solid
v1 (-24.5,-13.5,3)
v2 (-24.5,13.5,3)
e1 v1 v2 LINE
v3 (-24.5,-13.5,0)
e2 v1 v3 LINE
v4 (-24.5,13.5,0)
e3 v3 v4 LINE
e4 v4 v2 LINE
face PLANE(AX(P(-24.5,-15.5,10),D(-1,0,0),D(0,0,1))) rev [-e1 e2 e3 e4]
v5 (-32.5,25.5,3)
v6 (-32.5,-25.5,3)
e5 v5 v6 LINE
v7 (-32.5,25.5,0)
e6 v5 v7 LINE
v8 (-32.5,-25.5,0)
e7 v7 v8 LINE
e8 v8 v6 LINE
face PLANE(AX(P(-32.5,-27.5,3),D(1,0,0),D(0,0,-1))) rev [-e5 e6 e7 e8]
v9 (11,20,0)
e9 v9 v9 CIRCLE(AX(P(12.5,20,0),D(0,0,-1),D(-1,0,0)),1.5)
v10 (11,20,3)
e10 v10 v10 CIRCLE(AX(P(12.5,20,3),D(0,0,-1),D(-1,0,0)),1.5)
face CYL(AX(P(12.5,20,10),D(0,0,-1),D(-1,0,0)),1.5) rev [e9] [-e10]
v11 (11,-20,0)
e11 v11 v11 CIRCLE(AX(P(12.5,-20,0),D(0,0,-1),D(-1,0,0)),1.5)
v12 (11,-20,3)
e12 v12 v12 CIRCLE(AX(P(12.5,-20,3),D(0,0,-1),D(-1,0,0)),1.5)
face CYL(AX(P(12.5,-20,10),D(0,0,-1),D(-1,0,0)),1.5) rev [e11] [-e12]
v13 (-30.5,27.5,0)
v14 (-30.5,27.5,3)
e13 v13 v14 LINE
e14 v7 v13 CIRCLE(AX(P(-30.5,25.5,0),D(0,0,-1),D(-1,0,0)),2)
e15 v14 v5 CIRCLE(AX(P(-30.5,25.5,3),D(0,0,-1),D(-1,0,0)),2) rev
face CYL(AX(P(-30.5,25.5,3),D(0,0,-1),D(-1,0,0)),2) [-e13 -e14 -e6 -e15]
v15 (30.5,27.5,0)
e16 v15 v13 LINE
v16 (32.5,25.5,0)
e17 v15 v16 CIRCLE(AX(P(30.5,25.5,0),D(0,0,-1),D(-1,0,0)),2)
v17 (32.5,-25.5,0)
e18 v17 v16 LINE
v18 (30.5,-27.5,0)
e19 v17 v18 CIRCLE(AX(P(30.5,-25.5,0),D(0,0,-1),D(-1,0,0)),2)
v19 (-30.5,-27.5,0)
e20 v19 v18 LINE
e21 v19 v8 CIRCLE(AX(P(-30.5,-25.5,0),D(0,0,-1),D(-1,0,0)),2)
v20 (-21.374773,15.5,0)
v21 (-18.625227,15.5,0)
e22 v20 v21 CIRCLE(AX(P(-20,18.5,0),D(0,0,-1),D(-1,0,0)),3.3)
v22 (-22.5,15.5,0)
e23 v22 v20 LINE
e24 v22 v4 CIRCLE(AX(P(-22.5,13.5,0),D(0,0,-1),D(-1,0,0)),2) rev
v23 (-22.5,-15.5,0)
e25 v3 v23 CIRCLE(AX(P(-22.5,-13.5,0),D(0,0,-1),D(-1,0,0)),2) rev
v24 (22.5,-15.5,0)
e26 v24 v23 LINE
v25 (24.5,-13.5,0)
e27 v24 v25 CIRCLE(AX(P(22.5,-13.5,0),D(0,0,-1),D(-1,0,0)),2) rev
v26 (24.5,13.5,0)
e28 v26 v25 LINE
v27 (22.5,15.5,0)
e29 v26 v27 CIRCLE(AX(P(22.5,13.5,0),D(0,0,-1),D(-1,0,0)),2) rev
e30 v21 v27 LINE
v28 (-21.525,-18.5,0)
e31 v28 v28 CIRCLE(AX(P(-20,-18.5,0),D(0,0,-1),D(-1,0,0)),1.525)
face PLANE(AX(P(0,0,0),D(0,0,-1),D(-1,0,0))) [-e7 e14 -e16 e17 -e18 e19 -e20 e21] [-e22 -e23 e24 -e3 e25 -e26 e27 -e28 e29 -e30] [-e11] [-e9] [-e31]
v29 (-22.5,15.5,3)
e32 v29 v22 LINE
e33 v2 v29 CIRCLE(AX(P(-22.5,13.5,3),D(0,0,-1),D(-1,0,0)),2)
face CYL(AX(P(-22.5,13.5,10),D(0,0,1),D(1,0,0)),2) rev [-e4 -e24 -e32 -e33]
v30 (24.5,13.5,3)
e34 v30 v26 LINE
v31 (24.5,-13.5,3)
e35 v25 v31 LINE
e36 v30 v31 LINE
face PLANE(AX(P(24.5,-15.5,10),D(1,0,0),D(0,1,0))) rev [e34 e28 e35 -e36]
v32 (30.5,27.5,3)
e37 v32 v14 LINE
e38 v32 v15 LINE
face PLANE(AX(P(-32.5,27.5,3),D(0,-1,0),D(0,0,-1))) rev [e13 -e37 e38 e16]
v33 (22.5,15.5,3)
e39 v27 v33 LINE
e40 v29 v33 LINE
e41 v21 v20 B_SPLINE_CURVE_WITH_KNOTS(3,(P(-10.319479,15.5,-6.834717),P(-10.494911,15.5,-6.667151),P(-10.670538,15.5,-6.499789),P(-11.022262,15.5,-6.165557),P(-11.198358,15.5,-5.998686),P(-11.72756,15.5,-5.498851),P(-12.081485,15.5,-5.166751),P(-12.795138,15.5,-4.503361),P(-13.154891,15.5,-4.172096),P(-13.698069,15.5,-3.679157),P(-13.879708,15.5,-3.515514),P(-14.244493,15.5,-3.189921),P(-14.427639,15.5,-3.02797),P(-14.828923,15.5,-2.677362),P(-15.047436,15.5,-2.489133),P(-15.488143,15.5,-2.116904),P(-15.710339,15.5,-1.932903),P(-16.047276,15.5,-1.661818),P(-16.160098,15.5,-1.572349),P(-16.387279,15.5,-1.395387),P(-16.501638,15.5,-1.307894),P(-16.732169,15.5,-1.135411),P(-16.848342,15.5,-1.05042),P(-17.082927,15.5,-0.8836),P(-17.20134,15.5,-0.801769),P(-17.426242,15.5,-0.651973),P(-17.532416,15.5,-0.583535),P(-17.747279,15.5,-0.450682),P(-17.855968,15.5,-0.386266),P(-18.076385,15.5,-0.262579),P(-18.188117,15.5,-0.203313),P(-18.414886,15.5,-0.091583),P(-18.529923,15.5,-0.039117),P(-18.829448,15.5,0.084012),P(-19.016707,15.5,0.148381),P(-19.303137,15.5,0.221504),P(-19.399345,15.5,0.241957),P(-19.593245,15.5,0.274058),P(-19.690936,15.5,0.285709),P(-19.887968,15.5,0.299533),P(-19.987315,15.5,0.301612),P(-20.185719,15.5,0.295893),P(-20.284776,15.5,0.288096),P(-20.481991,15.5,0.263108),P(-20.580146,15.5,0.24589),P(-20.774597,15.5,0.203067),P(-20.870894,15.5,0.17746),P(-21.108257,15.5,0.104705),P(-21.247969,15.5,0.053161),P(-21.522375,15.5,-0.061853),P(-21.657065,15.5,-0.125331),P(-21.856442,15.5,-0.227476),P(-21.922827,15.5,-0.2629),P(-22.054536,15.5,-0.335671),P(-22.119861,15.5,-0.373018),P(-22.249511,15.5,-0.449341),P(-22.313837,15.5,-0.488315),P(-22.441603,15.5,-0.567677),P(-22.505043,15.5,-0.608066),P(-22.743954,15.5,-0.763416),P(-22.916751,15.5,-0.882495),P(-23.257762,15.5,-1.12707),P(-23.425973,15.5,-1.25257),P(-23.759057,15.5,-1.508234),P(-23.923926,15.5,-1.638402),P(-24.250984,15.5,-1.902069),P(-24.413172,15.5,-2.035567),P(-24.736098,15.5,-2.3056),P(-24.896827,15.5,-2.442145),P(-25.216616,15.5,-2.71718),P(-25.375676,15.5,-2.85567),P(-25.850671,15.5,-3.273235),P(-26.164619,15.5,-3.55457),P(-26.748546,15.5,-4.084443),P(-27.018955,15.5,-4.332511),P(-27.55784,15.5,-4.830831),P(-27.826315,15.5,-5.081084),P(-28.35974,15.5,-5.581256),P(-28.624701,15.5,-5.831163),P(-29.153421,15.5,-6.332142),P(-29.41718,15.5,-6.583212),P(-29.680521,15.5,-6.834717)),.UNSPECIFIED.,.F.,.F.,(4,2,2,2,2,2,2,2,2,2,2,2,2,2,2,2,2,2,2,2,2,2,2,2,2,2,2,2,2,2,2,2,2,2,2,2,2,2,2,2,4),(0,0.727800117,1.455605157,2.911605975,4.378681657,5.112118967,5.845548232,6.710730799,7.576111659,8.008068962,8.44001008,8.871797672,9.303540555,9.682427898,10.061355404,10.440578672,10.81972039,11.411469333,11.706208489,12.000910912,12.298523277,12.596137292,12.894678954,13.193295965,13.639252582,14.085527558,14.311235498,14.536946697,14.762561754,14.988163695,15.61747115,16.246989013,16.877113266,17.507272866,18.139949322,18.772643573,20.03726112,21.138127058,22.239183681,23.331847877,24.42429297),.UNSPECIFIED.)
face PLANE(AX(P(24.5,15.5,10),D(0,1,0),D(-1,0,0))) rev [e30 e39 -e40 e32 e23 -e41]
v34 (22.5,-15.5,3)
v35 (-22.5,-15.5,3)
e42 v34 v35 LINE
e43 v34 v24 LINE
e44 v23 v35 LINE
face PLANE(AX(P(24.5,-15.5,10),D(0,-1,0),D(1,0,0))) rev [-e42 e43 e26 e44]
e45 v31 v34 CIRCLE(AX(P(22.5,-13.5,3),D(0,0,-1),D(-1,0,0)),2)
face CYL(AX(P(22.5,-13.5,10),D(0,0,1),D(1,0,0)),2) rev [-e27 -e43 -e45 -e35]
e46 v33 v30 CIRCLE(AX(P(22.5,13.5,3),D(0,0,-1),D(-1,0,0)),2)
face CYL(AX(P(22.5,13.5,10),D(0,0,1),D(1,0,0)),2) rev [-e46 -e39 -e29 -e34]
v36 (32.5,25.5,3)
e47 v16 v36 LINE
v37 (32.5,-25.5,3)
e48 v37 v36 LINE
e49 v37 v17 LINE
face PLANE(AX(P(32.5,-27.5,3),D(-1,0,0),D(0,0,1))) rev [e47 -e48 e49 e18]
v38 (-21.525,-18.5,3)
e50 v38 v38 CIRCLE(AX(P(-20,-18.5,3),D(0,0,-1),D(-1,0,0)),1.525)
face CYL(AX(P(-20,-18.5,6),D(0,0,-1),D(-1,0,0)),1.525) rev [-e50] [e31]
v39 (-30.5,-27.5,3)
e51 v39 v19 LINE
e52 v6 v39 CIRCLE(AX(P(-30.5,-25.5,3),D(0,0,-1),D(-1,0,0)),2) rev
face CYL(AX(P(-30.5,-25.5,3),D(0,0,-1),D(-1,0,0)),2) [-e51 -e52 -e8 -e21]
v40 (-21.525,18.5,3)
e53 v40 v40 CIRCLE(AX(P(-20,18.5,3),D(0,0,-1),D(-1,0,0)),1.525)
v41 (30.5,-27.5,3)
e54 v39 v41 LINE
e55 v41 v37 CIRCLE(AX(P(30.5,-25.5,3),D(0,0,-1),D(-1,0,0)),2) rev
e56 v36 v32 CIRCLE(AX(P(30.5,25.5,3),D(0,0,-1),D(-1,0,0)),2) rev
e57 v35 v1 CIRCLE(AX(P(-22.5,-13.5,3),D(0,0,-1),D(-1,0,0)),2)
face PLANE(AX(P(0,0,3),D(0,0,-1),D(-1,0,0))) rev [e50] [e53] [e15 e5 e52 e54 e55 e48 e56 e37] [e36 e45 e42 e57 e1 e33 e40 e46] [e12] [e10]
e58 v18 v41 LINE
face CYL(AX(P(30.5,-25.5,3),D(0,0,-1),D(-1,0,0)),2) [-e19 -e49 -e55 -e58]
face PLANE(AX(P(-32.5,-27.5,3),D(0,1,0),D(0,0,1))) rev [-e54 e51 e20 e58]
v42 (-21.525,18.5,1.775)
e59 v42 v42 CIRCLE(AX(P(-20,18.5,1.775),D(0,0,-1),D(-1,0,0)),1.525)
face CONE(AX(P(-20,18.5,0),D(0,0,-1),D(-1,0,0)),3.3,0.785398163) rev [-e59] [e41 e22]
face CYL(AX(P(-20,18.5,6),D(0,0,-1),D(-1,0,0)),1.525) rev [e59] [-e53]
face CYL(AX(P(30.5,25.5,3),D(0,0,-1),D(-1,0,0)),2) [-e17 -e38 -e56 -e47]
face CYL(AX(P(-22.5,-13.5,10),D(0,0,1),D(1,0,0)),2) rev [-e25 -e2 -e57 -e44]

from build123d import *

# Parameters (mm, degrees)
SKETCH_1_W                   = 65
SKETCH_1_H                   = 55
EXTRUDE_1_DEPTH              = 3
FILLET_1_R                   = 2
SKETCH_2_R                   = 1.525
CUT_EXTRUDE_1_DEPTH          = 6
HOLE_WIZARD_M3_1_D           = 3
HOLE_WIZARD_M3_1_DEPTH       = 7.25
HOLE_WIZARD_M3_1_CSINK_D     = 6.6
HOLE_WIZARD_M3_1_CSINK_ANGLE = 90
HOLE_WIZARD_M3_1_TIP         = 0.901290929
SKETCH_9_R                   = 1.5
CUT_EXTRUDE_3_DEPTH          = 10
SKETCH_13_W                  = 49
SKETCH_13_H                  = 31
CUT_EXTRUDE_8_DEPTH          = 10
FILLET_5_R                   = 2


with BuildPart() as part:
    # 草图1 → 凸台-拉伸1 (new body)
    with BuildSketch(Plane.XY):
        Rectangle(SKETCH_1_W, SKETCH_1_H)
    extrude(amount=EXTRUDE_1_DEPTH)

    # 圆角1
    fillet_1_edges = [part.edges().sort_by_distance(p)[0] for p in [
        (32.5, -27.5, 1.5),
        (-32.5, -27.5, 1.5),
        (-32.5, 27.5, 1.5),
        (32.5, 27.5, 1.5),
    ]]
    fillet(fillet_1_edges, radius=FILLET_1_R)

    # 草图2 → 切除-拉伸1 (cut)
    with BuildSketch(Plane(origin=(0, 0, 0), x_dir=(-1, 0, 0), z_dir=(0, 0, -1))):
        with Locations((20, -18.5)):
            Circle(SKETCH_2_R)
        with Locations((20, 18.5)):
            Circle(SKETCH_2_R)
    extrude(amount=-CUT_EXTRUDE_1_DEPTH, mode=Mode.SUBTRACT)

    # M3 十字槽沉头木螺钉的锥形沉头孔1
    with Locations(Plane(origin=(0, 0, 0), x_dir=(-1, 0, 0), z_dir=(0, 0, -1))):
        with Locations((20, 18.5)):
            CounterSinkHole(HOLE_WIZARD_M3_1_D / 2, HOLE_WIZARD_M3_1_CSINK_D / 2, depth=HOLE_WIZARD_M3_1_DEPTH, counter_sink_angle=HOLE_WIZARD_M3_1_CSINK_ANGLE)
            with Locations((0, 0, -(HOLE_WIZARD_M3_1_DEPTH + HOLE_WIZARD_M3_1_TIP / 2))):  # 118° drill point
                Cone(0, HOLE_WIZARD_M3_1_D / 2, HOLE_WIZARD_M3_1_TIP, mode=Mode.SUBTRACT)

    # 草图9 → 切除-拉伸3 (cut)
    with BuildSketch(Plane(origin=(0, 0, 0), x_dir=(-1, 0, 0), z_dir=(0, 0, -1))):
        with Locations((-12.5, 20)):
            Circle(SKETCH_9_R)
        with Locations((-12.5, -20)):
            Circle(SKETCH_9_R)
    extrude(amount=-CUT_EXTRUDE_3_DEPTH, mode=Mode.SUBTRACT)

    # 草图13 → 切除-拉伸8 (cut)
    with BuildSketch(Plane(origin=(0, 0, 0), x_dir=(-1, 0, 0), z_dir=(0, 0, -1))):
        Rectangle(SKETCH_13_W, SKETCH_13_H)
    extrude(amount=-CUT_EXTRUDE_8_DEPTH, mode=Mode.SUBTRACT)

    # 圆角5
    fillet_5_edges = [part.edges().sort_by_distance(p)[0] for p in [
        (-24.5, 15.5, 1.5),
        (-24.5, -15.5, 1.5),
        (24.5, -15.5, 1.5),
        (24.5, 15.5, 1.5),
    ]]
    fillet(fillet_5_edges, radius=FILLET_5_R)


solid = part.part
